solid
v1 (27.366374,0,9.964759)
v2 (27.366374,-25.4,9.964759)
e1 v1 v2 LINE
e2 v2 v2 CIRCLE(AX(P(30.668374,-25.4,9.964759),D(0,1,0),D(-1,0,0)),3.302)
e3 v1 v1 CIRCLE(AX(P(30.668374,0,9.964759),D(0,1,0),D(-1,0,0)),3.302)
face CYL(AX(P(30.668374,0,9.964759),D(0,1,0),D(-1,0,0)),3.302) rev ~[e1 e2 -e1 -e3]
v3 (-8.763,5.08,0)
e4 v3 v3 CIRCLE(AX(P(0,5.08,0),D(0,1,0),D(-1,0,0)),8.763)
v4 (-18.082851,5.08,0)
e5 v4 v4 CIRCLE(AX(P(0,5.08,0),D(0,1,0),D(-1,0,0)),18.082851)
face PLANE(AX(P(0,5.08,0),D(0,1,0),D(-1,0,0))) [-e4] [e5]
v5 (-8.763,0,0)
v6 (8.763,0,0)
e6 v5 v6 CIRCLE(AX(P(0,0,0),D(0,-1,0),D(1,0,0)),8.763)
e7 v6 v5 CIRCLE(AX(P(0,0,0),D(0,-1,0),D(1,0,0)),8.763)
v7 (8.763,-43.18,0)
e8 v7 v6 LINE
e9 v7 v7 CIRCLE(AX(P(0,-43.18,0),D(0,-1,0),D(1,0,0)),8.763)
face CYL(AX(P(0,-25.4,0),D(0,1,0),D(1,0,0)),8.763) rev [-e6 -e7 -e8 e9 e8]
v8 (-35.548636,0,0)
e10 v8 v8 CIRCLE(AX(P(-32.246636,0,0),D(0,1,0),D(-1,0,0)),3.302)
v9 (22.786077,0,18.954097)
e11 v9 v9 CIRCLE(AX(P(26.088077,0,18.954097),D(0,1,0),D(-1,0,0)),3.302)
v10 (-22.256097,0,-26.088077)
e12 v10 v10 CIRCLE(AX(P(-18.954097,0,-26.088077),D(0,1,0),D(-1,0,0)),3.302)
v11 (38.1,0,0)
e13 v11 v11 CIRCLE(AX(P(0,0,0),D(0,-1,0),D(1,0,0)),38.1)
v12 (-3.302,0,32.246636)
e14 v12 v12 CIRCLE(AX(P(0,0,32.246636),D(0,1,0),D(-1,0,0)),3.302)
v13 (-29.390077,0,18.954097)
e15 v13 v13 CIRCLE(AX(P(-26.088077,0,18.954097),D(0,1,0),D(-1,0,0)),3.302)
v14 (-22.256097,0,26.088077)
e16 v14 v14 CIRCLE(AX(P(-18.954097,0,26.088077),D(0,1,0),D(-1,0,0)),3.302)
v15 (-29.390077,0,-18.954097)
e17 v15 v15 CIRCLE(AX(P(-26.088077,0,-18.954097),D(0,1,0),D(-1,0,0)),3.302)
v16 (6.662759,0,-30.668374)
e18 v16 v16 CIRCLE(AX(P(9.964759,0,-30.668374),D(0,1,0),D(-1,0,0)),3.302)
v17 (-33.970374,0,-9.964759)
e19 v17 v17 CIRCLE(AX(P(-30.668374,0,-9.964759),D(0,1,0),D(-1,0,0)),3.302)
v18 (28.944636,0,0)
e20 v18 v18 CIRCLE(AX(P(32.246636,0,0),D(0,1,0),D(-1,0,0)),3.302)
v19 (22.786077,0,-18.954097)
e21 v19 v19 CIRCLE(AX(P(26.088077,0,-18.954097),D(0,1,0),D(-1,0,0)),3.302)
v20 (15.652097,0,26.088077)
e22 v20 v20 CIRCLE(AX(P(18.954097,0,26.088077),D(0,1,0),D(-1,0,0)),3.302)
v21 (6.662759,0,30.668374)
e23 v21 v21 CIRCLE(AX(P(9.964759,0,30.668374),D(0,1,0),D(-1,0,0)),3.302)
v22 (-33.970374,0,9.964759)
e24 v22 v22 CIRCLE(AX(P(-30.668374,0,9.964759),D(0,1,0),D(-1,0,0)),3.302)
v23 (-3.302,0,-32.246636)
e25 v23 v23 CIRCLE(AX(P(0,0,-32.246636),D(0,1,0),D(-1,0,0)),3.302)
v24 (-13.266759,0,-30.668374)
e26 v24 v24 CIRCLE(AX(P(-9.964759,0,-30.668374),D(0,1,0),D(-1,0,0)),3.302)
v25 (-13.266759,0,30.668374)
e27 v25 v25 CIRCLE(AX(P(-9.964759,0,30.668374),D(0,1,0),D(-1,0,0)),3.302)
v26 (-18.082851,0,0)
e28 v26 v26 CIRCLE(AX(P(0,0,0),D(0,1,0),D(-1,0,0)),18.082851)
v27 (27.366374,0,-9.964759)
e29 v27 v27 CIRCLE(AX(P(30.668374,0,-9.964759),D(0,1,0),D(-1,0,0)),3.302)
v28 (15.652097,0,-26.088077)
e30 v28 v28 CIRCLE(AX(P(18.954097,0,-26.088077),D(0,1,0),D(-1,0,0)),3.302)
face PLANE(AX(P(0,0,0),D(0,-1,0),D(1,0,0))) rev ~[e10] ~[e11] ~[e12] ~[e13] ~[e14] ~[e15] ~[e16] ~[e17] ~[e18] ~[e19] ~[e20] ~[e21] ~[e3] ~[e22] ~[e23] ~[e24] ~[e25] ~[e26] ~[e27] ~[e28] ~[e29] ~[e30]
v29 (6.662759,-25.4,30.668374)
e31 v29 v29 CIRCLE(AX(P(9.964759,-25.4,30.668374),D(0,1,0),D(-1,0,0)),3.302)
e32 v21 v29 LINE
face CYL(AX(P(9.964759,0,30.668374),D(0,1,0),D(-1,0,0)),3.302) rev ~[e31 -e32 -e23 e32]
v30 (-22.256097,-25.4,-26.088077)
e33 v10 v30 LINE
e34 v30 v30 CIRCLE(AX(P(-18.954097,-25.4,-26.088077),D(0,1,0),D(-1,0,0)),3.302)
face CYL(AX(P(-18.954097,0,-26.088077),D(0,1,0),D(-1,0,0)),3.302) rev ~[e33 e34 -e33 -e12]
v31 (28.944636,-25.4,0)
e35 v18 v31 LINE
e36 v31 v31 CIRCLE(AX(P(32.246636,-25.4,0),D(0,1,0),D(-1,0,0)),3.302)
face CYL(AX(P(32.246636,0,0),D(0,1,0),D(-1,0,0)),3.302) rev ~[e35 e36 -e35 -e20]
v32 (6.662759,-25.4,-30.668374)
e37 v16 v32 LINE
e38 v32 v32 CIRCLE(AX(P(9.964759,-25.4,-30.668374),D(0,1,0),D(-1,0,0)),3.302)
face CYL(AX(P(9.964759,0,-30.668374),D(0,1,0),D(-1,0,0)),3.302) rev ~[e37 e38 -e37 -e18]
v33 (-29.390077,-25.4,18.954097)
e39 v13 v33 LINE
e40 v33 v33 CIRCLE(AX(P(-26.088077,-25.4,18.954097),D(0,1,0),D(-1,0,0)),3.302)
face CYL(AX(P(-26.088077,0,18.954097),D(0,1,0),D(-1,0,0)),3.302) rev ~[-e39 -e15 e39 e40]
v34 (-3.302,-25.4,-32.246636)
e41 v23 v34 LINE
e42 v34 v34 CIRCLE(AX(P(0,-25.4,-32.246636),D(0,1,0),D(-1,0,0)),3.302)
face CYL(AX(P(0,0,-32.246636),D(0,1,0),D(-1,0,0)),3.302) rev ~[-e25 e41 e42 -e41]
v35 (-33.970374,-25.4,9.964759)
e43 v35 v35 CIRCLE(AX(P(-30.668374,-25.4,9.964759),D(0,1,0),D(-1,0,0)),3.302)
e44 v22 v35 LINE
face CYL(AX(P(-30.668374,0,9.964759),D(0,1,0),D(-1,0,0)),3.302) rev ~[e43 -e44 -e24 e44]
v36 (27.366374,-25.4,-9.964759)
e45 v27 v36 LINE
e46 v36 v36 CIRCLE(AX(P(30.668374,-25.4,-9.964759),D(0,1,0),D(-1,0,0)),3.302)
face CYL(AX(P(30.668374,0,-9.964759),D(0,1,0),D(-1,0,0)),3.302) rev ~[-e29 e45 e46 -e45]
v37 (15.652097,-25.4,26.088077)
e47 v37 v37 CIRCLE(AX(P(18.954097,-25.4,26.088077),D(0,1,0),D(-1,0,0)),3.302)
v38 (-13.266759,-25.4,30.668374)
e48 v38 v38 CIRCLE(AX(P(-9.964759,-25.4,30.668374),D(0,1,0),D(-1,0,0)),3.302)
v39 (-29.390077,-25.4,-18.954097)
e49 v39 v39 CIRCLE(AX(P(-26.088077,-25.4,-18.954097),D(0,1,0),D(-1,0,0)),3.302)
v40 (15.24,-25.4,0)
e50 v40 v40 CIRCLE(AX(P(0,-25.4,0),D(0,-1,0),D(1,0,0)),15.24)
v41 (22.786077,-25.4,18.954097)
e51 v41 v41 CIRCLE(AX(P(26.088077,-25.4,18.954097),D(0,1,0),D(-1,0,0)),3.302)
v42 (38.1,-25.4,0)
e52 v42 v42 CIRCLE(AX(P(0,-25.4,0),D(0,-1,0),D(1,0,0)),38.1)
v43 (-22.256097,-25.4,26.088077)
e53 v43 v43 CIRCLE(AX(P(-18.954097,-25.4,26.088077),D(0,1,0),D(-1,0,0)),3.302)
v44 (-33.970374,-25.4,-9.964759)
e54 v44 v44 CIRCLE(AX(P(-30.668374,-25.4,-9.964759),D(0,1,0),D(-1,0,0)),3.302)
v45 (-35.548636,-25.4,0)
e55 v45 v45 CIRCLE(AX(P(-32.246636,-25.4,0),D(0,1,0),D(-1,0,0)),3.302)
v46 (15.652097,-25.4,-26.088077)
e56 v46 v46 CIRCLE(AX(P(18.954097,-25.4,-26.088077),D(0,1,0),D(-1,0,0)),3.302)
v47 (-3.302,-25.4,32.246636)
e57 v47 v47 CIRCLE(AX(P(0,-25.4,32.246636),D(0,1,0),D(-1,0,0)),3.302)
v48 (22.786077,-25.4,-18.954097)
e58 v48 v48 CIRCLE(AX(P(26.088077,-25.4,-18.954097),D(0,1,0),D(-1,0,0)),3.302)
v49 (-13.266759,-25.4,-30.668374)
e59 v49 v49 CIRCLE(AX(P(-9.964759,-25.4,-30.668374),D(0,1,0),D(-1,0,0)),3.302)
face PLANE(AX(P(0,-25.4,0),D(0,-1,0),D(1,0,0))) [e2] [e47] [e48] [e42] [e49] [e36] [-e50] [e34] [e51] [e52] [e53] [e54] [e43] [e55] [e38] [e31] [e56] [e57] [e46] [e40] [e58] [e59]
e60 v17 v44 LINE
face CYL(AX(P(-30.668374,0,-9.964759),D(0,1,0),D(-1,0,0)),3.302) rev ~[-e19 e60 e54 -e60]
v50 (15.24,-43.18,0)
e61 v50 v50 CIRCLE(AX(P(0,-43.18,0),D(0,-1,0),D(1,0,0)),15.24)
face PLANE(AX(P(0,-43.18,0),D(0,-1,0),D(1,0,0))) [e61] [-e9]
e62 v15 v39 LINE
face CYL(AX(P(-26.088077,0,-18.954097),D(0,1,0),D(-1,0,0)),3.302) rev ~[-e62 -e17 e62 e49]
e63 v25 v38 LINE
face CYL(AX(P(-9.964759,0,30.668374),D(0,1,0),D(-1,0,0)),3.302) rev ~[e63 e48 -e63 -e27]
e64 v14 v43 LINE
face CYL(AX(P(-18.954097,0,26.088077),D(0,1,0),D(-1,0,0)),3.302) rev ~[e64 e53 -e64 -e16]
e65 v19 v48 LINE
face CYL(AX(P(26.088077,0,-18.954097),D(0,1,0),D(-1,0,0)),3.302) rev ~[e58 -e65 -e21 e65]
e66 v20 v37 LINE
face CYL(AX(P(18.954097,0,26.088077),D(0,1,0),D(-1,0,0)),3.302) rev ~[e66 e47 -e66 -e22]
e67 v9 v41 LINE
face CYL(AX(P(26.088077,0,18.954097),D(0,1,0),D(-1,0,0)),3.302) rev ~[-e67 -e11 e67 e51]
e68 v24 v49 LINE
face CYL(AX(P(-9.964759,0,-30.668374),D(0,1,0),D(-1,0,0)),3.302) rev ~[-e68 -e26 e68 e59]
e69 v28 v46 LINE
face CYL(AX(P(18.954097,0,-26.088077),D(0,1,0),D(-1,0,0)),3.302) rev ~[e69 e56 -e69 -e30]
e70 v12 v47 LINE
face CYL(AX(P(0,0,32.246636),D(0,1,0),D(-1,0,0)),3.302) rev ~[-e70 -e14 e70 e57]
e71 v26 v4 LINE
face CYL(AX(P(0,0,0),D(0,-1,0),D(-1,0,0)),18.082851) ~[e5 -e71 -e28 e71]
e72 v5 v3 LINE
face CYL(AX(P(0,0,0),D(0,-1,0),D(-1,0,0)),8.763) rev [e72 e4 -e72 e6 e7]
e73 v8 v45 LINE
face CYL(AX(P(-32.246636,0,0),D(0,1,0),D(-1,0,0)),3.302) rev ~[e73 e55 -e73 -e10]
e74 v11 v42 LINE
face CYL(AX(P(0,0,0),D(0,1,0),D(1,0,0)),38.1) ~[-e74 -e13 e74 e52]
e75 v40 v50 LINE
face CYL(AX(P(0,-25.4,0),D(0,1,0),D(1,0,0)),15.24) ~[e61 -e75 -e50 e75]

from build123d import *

# Parameters (mm, degrees)
F0_R     = 38.1
F0_R_2   = 8.763
F1_DEPTH = 25.4
F2_R     = 3.302
F3_DEPTH = 30.48
F4_R     = 15.24
F4_R_2   = 8.763
F5_DEPTH = 17.78
F6_R     = 18.082851
F6_R_2   = 8.763
F7_DEPTH = 5.08


with BuildPart() as f1:
    # F0 (on Front) → F1 (new body)
    with BuildSketch(Plane.XZ):
        Circle(F0_R)
        Circle(F0_R_2, mode=Mode.SUBTRACT)
    extrude(amount=F1_DEPTH)

    # F2 (on face) → F3 (cut)
    with BuildSketch(Plane(origin=(0, 0, 0), x_dir=(-1, 0, 0), z_dir=(0, 1, 0))):
        with Locations((0, 32.246636)):
            Circle(F2_R)
        with Locations((-9.964759, 30.668374)):
            Circle(F2_R)
        with Locations((-18.954097, 26.088077)):
            Circle(F2_R)
        with Locations((-26.088077, 18.954097)):
            Circle(F2_R)
        with Locations((-30.668374, 9.964759)):
            Circle(F2_R)
        with Locations((-32.246636, 0)):
            Circle(F2_R)
        with Locations((-30.668374, -9.964759)):
            Circle(F2_R)
        with Locations((-26.088077, -18.954097)):
            Circle(F2_R)
        with Locations((-18.954097, -26.088077)):
            Circle(F2_R)
        with Locations((-9.964759, -30.668374)):
            Circle(F2_R)
        with Locations((0, -32.246636)):
            Circle(F2_R)
        with Locations((9.964759, -30.668374)):
            Circle(F2_R)
        with Locations((18.954097, -26.088077)):
            Circle(F2_R)
        with Locations((26.088077, -18.954097)):
            Circle(F2_R)
        with Locations((30.668374, -9.964759)):
            Circle(F2_R)
        with Locations((32.246636, 0)):
            Circle(F2_R)
        with Locations((30.668374, 9.964759)):
            Circle(F2_R)
        with Locations((26.088077, 18.954097)):
            Circle(F2_R)
        with Locations((18.954097, 26.088077)):
            Circle(F2_R)
        with Locations((9.964759, 30.668374)):
            Circle(F2_R)
    extrude(amount=-F3_DEPTH, mode=Mode.SUBTRACT)

    # F4 (on face) → F5 (join)
    with BuildSketch(Plane.XZ.offset(25.4)):
        Circle(F4_R)
        Circle(F4_R_2, mode=Mode.SUBTRACT)
    extrude(amount=F5_DEPTH)

    # F6 (on face) → F7 (join)
    with BuildSketch(Plane(origin=(0, 0, 0), x_dir=(-1, 0, 0), z_dir=(0, 1, 0))):
        Circle(F6_R)
        Circle(F6_R_2, mode=Mode.SUBTRACT)
    extrude(amount=F7_DEPTH)


solid = f1.part
